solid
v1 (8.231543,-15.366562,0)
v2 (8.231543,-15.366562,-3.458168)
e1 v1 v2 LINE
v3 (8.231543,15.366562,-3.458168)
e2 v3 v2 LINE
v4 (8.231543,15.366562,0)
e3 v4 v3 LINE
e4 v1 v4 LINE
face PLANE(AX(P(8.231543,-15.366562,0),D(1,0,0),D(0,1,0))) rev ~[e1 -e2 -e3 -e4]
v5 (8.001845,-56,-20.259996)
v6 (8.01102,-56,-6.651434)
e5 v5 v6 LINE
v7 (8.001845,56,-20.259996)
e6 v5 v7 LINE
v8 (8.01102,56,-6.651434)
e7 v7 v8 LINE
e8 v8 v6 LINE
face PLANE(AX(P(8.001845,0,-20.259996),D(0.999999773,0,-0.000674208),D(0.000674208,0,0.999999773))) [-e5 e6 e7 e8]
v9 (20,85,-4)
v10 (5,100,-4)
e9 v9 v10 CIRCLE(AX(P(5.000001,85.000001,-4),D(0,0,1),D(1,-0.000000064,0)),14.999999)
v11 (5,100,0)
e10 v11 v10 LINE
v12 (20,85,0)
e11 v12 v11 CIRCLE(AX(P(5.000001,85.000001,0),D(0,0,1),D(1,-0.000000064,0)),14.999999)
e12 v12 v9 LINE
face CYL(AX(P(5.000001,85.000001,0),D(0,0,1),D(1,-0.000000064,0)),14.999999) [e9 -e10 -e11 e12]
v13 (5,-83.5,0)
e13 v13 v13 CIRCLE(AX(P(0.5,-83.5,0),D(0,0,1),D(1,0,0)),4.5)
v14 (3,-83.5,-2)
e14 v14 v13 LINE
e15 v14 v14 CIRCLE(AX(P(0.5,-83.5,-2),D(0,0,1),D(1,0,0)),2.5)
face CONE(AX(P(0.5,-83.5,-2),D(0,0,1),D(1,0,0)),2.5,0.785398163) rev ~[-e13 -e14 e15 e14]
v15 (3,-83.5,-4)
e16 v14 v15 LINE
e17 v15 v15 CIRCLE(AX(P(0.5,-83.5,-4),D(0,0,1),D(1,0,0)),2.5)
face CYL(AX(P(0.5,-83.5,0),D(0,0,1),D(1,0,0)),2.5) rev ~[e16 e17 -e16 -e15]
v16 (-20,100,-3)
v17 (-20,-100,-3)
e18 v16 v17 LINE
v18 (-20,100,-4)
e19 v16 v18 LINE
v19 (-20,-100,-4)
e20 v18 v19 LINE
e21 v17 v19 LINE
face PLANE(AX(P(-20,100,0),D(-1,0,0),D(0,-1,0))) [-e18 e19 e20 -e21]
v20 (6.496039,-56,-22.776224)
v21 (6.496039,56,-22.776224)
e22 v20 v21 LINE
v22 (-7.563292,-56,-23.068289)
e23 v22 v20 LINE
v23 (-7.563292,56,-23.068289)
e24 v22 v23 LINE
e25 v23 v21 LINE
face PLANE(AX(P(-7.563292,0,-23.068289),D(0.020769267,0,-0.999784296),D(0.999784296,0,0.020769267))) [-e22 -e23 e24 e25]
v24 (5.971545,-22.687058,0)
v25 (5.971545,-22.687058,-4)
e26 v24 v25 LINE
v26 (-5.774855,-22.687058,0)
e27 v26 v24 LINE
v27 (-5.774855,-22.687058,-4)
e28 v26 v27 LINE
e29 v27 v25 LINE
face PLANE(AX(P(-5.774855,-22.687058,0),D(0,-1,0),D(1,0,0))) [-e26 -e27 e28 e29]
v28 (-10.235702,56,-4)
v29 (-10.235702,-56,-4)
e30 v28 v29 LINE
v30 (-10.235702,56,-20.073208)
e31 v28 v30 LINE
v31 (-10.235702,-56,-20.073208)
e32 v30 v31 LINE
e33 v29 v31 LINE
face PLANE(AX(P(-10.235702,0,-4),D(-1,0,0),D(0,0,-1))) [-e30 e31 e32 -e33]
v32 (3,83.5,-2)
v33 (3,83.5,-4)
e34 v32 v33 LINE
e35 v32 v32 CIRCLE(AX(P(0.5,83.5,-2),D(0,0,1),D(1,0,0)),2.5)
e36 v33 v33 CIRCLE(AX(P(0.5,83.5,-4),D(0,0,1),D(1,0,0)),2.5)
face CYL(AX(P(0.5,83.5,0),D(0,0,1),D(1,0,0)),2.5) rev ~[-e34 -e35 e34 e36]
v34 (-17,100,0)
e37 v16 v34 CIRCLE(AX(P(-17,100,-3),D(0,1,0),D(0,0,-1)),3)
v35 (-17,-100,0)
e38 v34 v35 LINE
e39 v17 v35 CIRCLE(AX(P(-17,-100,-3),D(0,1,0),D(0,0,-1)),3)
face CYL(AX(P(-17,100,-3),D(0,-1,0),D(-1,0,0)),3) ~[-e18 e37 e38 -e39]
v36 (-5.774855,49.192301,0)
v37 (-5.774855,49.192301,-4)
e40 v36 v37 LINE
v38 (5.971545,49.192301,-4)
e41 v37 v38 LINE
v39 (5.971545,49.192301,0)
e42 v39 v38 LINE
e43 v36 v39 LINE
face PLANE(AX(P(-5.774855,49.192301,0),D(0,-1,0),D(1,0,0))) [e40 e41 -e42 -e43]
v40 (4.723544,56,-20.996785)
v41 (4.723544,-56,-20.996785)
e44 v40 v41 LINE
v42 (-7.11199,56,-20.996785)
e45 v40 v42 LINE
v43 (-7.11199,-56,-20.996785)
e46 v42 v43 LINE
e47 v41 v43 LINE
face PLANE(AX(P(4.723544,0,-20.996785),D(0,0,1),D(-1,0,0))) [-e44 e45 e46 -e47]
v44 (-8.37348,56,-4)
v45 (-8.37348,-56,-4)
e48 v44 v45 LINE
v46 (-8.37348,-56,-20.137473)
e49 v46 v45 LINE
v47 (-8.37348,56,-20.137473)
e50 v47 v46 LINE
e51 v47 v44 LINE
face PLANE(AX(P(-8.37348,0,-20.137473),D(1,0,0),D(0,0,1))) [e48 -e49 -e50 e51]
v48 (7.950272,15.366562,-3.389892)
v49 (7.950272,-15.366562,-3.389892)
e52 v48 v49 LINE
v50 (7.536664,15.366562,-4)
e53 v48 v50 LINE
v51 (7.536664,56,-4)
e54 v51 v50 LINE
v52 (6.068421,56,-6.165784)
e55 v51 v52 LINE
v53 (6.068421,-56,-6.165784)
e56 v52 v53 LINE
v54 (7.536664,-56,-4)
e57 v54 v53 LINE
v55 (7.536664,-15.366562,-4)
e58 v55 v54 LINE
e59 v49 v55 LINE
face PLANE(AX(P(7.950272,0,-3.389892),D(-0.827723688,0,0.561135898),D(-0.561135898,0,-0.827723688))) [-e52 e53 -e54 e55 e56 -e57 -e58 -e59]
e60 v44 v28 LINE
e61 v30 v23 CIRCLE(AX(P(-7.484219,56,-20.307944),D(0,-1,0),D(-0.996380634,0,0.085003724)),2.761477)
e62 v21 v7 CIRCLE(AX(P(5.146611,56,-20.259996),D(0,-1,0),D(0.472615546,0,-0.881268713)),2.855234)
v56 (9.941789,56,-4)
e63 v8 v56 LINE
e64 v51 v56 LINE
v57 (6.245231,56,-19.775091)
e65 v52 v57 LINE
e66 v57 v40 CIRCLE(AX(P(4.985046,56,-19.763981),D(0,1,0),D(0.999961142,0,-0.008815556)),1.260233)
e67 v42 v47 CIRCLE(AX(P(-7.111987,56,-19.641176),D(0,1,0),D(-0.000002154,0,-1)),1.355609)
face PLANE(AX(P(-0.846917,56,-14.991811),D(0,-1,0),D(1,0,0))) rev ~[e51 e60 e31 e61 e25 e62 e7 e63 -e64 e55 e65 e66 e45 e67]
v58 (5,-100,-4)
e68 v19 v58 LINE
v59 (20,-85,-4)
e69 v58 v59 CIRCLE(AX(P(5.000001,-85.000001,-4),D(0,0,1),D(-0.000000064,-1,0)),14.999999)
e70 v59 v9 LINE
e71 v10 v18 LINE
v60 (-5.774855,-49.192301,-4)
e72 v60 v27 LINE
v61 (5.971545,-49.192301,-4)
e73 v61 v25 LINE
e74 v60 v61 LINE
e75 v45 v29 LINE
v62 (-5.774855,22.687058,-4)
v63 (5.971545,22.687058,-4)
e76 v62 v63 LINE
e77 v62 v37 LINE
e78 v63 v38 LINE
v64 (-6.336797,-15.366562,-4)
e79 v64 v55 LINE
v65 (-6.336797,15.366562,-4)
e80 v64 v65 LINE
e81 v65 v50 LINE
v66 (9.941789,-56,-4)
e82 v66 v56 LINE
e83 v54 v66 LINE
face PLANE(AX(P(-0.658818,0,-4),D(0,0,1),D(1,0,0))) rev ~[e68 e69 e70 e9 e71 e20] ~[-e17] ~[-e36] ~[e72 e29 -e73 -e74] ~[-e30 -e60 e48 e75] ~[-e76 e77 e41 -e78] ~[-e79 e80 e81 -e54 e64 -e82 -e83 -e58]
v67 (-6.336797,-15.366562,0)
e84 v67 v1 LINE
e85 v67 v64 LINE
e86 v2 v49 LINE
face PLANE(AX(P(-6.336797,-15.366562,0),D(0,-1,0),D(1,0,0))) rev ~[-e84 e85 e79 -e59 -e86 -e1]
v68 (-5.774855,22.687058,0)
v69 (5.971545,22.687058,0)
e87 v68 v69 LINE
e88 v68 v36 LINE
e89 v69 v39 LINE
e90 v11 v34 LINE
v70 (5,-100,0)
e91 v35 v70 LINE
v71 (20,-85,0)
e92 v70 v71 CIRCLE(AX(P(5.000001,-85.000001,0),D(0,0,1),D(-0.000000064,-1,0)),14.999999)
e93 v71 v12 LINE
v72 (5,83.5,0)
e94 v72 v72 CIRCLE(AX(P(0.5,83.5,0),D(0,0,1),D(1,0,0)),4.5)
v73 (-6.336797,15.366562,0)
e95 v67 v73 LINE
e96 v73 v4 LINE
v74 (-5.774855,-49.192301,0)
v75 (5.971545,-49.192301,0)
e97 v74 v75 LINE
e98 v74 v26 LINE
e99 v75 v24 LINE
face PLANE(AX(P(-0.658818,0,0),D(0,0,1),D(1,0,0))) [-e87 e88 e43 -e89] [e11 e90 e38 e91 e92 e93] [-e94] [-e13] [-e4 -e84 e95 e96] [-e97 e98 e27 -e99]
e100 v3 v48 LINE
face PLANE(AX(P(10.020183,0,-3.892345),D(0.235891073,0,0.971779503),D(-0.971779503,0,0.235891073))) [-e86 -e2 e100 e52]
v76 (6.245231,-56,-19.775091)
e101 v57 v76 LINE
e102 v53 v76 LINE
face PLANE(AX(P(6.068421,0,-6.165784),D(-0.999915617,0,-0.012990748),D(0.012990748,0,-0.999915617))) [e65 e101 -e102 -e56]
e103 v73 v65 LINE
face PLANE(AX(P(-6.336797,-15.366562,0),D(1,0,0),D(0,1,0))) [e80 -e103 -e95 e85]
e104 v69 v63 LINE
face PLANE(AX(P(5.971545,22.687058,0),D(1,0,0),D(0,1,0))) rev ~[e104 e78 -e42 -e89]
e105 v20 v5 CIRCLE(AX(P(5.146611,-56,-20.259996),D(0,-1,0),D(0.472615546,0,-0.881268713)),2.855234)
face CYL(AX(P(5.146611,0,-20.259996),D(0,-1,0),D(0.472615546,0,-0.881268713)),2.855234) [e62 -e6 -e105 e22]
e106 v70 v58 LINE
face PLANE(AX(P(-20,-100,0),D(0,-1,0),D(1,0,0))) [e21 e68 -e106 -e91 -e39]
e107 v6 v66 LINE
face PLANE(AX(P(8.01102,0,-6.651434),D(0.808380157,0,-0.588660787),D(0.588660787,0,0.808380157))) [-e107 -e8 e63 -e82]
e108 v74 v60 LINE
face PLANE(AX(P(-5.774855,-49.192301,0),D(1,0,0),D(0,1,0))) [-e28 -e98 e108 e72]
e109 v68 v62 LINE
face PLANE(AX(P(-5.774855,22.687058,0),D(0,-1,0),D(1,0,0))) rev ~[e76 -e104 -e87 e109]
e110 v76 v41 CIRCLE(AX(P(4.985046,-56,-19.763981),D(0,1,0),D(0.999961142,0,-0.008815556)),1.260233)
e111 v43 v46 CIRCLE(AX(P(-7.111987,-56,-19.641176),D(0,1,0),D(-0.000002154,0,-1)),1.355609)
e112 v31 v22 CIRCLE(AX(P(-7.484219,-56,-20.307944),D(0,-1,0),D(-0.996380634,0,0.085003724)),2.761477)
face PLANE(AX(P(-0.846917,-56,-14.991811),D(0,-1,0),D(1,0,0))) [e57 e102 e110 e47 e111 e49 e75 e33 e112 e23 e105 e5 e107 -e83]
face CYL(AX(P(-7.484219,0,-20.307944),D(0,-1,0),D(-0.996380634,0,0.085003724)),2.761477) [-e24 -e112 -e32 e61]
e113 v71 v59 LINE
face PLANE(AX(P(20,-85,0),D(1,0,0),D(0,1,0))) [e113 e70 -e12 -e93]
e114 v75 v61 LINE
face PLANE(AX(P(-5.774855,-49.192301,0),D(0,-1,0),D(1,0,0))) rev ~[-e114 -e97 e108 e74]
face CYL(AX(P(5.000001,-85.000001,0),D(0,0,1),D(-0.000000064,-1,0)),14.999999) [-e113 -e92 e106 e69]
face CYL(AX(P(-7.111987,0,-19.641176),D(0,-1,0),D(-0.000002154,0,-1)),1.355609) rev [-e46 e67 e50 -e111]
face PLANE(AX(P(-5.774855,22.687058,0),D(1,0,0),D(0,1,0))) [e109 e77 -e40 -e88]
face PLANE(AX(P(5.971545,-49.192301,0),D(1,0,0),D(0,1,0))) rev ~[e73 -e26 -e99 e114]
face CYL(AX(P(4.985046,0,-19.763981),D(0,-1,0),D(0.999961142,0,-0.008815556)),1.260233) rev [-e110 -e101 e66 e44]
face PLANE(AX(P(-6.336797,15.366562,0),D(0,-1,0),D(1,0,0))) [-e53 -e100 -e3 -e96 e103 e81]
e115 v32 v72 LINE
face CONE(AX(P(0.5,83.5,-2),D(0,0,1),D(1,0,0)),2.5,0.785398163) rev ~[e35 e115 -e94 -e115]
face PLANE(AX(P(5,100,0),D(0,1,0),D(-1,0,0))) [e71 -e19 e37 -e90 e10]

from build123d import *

# Parameters (mm, degrees)
F0_R     = 2.5
F0_W     = 11.7464
F0_H     = 26.505243
F0_W_2   = 14.56834
F0_H_2   = 30.733124
F1_DEPTH = 4
F2_SIZE  = 2
F4_DEPTH = 56
F5_R     = 3


with BuildPart() as f1:
    # F0 (on Top) → F1 (new body)
    with BuildSketch(Plane.XY):
        with BuildLine():
            ThreePointArc((20, 85), (15.606602, 95.606602), (5, 100))
            Line((5, 100), (-20, 100))
            Line((-20, 100), (-20, -100))
            Line((-20, -100), (5, -100))
            ThreePointArc((5, -100), (15.606602, -95.606602), (20, -85))
            Line((20, -85), (20, 85))
        make_face()
        with Locations((0.5, -83.5)):
            Circle(F0_R, mode=Mode.SUBTRACT)
        with Locations((0.098345, -35.93968)):
            Rectangle(F0_W, F0_H, mode=Mode.SUBTRACT)
        with Locations((0.947373, 0)):
            Rectangle(F0_W_2, F0_H_2, mode=Mode.SUBTRACT)
        with Locations((0.098345, 35.93968)):
            Rectangle(F0_W, F0_H, mode=Mode.SUBTRACT)
        with Locations((0.5, 83.5)):
            Circle(F0_R, mode=Mode.SUBTRACT)
    extrude(amount=-F1_DEPTH)

    # F2
    f2_edges = [f1.edges().sort_by_distance(p)[0] for p in [
        (-2, -83.5, 0),
        (-2, 83.5, 0),
    ]]
    chamfer(f2_edges, length=F2_SIZE)

    # F3 (on Front) → F4 (join, symmetric)
    with BuildSketch(Plane.XZ):
        with BuildLine():
            Line((8.001845, -20.259996), (8.01102, -6.651434))
            Line((8.01102, -6.651434), (10.020183, -3.892345))
            Line((10.020183, -3.892345), (7.950272, -3.389892))
            Line((7.950272, -3.389892), (6.068421, -6.165784))
            Line((6.068421, -6.165784), (6.245231, -19.775091))
            ThreePointArc((6.245231, -19.775091), (5.774018, -20.746688), (4.723544, -20.996785))
            Line((4.723544, -20.996785), (-7.11199, -20.996785))
            ThreePointArc((-7.11199, -20.996785), (-7.875169, -20.761546), (-8.37348, -20.137473))
            Line((-8.37348, -20.137473), (-8.37348, -4))
            Line((-8.37348, -4), (-10.235702, -4))
            Line((-10.235702, -4), (-10.235702, -20.073208))
            ThreePointArc((-10.235702, -20.073208), (-9.544714, -22.146454), (-7.563292, -23.068289))
            Line((-7.563292, -23.068289), (6.496039, -22.776224))
            ThreePointArc((6.496039, -22.776224), (7.596641, -21.726186), (8.001845, -20.259996))
        make_face()
    extrude(amount=F4_DEPTH, both=True)

    # F5
    f5_edges = [f1.edges().sort_by_distance(p)[0] for p in [
        (-20, 0, 0),
    ]]
    fillet(f5_edges, radius=F5_R)


solid = f1.part
